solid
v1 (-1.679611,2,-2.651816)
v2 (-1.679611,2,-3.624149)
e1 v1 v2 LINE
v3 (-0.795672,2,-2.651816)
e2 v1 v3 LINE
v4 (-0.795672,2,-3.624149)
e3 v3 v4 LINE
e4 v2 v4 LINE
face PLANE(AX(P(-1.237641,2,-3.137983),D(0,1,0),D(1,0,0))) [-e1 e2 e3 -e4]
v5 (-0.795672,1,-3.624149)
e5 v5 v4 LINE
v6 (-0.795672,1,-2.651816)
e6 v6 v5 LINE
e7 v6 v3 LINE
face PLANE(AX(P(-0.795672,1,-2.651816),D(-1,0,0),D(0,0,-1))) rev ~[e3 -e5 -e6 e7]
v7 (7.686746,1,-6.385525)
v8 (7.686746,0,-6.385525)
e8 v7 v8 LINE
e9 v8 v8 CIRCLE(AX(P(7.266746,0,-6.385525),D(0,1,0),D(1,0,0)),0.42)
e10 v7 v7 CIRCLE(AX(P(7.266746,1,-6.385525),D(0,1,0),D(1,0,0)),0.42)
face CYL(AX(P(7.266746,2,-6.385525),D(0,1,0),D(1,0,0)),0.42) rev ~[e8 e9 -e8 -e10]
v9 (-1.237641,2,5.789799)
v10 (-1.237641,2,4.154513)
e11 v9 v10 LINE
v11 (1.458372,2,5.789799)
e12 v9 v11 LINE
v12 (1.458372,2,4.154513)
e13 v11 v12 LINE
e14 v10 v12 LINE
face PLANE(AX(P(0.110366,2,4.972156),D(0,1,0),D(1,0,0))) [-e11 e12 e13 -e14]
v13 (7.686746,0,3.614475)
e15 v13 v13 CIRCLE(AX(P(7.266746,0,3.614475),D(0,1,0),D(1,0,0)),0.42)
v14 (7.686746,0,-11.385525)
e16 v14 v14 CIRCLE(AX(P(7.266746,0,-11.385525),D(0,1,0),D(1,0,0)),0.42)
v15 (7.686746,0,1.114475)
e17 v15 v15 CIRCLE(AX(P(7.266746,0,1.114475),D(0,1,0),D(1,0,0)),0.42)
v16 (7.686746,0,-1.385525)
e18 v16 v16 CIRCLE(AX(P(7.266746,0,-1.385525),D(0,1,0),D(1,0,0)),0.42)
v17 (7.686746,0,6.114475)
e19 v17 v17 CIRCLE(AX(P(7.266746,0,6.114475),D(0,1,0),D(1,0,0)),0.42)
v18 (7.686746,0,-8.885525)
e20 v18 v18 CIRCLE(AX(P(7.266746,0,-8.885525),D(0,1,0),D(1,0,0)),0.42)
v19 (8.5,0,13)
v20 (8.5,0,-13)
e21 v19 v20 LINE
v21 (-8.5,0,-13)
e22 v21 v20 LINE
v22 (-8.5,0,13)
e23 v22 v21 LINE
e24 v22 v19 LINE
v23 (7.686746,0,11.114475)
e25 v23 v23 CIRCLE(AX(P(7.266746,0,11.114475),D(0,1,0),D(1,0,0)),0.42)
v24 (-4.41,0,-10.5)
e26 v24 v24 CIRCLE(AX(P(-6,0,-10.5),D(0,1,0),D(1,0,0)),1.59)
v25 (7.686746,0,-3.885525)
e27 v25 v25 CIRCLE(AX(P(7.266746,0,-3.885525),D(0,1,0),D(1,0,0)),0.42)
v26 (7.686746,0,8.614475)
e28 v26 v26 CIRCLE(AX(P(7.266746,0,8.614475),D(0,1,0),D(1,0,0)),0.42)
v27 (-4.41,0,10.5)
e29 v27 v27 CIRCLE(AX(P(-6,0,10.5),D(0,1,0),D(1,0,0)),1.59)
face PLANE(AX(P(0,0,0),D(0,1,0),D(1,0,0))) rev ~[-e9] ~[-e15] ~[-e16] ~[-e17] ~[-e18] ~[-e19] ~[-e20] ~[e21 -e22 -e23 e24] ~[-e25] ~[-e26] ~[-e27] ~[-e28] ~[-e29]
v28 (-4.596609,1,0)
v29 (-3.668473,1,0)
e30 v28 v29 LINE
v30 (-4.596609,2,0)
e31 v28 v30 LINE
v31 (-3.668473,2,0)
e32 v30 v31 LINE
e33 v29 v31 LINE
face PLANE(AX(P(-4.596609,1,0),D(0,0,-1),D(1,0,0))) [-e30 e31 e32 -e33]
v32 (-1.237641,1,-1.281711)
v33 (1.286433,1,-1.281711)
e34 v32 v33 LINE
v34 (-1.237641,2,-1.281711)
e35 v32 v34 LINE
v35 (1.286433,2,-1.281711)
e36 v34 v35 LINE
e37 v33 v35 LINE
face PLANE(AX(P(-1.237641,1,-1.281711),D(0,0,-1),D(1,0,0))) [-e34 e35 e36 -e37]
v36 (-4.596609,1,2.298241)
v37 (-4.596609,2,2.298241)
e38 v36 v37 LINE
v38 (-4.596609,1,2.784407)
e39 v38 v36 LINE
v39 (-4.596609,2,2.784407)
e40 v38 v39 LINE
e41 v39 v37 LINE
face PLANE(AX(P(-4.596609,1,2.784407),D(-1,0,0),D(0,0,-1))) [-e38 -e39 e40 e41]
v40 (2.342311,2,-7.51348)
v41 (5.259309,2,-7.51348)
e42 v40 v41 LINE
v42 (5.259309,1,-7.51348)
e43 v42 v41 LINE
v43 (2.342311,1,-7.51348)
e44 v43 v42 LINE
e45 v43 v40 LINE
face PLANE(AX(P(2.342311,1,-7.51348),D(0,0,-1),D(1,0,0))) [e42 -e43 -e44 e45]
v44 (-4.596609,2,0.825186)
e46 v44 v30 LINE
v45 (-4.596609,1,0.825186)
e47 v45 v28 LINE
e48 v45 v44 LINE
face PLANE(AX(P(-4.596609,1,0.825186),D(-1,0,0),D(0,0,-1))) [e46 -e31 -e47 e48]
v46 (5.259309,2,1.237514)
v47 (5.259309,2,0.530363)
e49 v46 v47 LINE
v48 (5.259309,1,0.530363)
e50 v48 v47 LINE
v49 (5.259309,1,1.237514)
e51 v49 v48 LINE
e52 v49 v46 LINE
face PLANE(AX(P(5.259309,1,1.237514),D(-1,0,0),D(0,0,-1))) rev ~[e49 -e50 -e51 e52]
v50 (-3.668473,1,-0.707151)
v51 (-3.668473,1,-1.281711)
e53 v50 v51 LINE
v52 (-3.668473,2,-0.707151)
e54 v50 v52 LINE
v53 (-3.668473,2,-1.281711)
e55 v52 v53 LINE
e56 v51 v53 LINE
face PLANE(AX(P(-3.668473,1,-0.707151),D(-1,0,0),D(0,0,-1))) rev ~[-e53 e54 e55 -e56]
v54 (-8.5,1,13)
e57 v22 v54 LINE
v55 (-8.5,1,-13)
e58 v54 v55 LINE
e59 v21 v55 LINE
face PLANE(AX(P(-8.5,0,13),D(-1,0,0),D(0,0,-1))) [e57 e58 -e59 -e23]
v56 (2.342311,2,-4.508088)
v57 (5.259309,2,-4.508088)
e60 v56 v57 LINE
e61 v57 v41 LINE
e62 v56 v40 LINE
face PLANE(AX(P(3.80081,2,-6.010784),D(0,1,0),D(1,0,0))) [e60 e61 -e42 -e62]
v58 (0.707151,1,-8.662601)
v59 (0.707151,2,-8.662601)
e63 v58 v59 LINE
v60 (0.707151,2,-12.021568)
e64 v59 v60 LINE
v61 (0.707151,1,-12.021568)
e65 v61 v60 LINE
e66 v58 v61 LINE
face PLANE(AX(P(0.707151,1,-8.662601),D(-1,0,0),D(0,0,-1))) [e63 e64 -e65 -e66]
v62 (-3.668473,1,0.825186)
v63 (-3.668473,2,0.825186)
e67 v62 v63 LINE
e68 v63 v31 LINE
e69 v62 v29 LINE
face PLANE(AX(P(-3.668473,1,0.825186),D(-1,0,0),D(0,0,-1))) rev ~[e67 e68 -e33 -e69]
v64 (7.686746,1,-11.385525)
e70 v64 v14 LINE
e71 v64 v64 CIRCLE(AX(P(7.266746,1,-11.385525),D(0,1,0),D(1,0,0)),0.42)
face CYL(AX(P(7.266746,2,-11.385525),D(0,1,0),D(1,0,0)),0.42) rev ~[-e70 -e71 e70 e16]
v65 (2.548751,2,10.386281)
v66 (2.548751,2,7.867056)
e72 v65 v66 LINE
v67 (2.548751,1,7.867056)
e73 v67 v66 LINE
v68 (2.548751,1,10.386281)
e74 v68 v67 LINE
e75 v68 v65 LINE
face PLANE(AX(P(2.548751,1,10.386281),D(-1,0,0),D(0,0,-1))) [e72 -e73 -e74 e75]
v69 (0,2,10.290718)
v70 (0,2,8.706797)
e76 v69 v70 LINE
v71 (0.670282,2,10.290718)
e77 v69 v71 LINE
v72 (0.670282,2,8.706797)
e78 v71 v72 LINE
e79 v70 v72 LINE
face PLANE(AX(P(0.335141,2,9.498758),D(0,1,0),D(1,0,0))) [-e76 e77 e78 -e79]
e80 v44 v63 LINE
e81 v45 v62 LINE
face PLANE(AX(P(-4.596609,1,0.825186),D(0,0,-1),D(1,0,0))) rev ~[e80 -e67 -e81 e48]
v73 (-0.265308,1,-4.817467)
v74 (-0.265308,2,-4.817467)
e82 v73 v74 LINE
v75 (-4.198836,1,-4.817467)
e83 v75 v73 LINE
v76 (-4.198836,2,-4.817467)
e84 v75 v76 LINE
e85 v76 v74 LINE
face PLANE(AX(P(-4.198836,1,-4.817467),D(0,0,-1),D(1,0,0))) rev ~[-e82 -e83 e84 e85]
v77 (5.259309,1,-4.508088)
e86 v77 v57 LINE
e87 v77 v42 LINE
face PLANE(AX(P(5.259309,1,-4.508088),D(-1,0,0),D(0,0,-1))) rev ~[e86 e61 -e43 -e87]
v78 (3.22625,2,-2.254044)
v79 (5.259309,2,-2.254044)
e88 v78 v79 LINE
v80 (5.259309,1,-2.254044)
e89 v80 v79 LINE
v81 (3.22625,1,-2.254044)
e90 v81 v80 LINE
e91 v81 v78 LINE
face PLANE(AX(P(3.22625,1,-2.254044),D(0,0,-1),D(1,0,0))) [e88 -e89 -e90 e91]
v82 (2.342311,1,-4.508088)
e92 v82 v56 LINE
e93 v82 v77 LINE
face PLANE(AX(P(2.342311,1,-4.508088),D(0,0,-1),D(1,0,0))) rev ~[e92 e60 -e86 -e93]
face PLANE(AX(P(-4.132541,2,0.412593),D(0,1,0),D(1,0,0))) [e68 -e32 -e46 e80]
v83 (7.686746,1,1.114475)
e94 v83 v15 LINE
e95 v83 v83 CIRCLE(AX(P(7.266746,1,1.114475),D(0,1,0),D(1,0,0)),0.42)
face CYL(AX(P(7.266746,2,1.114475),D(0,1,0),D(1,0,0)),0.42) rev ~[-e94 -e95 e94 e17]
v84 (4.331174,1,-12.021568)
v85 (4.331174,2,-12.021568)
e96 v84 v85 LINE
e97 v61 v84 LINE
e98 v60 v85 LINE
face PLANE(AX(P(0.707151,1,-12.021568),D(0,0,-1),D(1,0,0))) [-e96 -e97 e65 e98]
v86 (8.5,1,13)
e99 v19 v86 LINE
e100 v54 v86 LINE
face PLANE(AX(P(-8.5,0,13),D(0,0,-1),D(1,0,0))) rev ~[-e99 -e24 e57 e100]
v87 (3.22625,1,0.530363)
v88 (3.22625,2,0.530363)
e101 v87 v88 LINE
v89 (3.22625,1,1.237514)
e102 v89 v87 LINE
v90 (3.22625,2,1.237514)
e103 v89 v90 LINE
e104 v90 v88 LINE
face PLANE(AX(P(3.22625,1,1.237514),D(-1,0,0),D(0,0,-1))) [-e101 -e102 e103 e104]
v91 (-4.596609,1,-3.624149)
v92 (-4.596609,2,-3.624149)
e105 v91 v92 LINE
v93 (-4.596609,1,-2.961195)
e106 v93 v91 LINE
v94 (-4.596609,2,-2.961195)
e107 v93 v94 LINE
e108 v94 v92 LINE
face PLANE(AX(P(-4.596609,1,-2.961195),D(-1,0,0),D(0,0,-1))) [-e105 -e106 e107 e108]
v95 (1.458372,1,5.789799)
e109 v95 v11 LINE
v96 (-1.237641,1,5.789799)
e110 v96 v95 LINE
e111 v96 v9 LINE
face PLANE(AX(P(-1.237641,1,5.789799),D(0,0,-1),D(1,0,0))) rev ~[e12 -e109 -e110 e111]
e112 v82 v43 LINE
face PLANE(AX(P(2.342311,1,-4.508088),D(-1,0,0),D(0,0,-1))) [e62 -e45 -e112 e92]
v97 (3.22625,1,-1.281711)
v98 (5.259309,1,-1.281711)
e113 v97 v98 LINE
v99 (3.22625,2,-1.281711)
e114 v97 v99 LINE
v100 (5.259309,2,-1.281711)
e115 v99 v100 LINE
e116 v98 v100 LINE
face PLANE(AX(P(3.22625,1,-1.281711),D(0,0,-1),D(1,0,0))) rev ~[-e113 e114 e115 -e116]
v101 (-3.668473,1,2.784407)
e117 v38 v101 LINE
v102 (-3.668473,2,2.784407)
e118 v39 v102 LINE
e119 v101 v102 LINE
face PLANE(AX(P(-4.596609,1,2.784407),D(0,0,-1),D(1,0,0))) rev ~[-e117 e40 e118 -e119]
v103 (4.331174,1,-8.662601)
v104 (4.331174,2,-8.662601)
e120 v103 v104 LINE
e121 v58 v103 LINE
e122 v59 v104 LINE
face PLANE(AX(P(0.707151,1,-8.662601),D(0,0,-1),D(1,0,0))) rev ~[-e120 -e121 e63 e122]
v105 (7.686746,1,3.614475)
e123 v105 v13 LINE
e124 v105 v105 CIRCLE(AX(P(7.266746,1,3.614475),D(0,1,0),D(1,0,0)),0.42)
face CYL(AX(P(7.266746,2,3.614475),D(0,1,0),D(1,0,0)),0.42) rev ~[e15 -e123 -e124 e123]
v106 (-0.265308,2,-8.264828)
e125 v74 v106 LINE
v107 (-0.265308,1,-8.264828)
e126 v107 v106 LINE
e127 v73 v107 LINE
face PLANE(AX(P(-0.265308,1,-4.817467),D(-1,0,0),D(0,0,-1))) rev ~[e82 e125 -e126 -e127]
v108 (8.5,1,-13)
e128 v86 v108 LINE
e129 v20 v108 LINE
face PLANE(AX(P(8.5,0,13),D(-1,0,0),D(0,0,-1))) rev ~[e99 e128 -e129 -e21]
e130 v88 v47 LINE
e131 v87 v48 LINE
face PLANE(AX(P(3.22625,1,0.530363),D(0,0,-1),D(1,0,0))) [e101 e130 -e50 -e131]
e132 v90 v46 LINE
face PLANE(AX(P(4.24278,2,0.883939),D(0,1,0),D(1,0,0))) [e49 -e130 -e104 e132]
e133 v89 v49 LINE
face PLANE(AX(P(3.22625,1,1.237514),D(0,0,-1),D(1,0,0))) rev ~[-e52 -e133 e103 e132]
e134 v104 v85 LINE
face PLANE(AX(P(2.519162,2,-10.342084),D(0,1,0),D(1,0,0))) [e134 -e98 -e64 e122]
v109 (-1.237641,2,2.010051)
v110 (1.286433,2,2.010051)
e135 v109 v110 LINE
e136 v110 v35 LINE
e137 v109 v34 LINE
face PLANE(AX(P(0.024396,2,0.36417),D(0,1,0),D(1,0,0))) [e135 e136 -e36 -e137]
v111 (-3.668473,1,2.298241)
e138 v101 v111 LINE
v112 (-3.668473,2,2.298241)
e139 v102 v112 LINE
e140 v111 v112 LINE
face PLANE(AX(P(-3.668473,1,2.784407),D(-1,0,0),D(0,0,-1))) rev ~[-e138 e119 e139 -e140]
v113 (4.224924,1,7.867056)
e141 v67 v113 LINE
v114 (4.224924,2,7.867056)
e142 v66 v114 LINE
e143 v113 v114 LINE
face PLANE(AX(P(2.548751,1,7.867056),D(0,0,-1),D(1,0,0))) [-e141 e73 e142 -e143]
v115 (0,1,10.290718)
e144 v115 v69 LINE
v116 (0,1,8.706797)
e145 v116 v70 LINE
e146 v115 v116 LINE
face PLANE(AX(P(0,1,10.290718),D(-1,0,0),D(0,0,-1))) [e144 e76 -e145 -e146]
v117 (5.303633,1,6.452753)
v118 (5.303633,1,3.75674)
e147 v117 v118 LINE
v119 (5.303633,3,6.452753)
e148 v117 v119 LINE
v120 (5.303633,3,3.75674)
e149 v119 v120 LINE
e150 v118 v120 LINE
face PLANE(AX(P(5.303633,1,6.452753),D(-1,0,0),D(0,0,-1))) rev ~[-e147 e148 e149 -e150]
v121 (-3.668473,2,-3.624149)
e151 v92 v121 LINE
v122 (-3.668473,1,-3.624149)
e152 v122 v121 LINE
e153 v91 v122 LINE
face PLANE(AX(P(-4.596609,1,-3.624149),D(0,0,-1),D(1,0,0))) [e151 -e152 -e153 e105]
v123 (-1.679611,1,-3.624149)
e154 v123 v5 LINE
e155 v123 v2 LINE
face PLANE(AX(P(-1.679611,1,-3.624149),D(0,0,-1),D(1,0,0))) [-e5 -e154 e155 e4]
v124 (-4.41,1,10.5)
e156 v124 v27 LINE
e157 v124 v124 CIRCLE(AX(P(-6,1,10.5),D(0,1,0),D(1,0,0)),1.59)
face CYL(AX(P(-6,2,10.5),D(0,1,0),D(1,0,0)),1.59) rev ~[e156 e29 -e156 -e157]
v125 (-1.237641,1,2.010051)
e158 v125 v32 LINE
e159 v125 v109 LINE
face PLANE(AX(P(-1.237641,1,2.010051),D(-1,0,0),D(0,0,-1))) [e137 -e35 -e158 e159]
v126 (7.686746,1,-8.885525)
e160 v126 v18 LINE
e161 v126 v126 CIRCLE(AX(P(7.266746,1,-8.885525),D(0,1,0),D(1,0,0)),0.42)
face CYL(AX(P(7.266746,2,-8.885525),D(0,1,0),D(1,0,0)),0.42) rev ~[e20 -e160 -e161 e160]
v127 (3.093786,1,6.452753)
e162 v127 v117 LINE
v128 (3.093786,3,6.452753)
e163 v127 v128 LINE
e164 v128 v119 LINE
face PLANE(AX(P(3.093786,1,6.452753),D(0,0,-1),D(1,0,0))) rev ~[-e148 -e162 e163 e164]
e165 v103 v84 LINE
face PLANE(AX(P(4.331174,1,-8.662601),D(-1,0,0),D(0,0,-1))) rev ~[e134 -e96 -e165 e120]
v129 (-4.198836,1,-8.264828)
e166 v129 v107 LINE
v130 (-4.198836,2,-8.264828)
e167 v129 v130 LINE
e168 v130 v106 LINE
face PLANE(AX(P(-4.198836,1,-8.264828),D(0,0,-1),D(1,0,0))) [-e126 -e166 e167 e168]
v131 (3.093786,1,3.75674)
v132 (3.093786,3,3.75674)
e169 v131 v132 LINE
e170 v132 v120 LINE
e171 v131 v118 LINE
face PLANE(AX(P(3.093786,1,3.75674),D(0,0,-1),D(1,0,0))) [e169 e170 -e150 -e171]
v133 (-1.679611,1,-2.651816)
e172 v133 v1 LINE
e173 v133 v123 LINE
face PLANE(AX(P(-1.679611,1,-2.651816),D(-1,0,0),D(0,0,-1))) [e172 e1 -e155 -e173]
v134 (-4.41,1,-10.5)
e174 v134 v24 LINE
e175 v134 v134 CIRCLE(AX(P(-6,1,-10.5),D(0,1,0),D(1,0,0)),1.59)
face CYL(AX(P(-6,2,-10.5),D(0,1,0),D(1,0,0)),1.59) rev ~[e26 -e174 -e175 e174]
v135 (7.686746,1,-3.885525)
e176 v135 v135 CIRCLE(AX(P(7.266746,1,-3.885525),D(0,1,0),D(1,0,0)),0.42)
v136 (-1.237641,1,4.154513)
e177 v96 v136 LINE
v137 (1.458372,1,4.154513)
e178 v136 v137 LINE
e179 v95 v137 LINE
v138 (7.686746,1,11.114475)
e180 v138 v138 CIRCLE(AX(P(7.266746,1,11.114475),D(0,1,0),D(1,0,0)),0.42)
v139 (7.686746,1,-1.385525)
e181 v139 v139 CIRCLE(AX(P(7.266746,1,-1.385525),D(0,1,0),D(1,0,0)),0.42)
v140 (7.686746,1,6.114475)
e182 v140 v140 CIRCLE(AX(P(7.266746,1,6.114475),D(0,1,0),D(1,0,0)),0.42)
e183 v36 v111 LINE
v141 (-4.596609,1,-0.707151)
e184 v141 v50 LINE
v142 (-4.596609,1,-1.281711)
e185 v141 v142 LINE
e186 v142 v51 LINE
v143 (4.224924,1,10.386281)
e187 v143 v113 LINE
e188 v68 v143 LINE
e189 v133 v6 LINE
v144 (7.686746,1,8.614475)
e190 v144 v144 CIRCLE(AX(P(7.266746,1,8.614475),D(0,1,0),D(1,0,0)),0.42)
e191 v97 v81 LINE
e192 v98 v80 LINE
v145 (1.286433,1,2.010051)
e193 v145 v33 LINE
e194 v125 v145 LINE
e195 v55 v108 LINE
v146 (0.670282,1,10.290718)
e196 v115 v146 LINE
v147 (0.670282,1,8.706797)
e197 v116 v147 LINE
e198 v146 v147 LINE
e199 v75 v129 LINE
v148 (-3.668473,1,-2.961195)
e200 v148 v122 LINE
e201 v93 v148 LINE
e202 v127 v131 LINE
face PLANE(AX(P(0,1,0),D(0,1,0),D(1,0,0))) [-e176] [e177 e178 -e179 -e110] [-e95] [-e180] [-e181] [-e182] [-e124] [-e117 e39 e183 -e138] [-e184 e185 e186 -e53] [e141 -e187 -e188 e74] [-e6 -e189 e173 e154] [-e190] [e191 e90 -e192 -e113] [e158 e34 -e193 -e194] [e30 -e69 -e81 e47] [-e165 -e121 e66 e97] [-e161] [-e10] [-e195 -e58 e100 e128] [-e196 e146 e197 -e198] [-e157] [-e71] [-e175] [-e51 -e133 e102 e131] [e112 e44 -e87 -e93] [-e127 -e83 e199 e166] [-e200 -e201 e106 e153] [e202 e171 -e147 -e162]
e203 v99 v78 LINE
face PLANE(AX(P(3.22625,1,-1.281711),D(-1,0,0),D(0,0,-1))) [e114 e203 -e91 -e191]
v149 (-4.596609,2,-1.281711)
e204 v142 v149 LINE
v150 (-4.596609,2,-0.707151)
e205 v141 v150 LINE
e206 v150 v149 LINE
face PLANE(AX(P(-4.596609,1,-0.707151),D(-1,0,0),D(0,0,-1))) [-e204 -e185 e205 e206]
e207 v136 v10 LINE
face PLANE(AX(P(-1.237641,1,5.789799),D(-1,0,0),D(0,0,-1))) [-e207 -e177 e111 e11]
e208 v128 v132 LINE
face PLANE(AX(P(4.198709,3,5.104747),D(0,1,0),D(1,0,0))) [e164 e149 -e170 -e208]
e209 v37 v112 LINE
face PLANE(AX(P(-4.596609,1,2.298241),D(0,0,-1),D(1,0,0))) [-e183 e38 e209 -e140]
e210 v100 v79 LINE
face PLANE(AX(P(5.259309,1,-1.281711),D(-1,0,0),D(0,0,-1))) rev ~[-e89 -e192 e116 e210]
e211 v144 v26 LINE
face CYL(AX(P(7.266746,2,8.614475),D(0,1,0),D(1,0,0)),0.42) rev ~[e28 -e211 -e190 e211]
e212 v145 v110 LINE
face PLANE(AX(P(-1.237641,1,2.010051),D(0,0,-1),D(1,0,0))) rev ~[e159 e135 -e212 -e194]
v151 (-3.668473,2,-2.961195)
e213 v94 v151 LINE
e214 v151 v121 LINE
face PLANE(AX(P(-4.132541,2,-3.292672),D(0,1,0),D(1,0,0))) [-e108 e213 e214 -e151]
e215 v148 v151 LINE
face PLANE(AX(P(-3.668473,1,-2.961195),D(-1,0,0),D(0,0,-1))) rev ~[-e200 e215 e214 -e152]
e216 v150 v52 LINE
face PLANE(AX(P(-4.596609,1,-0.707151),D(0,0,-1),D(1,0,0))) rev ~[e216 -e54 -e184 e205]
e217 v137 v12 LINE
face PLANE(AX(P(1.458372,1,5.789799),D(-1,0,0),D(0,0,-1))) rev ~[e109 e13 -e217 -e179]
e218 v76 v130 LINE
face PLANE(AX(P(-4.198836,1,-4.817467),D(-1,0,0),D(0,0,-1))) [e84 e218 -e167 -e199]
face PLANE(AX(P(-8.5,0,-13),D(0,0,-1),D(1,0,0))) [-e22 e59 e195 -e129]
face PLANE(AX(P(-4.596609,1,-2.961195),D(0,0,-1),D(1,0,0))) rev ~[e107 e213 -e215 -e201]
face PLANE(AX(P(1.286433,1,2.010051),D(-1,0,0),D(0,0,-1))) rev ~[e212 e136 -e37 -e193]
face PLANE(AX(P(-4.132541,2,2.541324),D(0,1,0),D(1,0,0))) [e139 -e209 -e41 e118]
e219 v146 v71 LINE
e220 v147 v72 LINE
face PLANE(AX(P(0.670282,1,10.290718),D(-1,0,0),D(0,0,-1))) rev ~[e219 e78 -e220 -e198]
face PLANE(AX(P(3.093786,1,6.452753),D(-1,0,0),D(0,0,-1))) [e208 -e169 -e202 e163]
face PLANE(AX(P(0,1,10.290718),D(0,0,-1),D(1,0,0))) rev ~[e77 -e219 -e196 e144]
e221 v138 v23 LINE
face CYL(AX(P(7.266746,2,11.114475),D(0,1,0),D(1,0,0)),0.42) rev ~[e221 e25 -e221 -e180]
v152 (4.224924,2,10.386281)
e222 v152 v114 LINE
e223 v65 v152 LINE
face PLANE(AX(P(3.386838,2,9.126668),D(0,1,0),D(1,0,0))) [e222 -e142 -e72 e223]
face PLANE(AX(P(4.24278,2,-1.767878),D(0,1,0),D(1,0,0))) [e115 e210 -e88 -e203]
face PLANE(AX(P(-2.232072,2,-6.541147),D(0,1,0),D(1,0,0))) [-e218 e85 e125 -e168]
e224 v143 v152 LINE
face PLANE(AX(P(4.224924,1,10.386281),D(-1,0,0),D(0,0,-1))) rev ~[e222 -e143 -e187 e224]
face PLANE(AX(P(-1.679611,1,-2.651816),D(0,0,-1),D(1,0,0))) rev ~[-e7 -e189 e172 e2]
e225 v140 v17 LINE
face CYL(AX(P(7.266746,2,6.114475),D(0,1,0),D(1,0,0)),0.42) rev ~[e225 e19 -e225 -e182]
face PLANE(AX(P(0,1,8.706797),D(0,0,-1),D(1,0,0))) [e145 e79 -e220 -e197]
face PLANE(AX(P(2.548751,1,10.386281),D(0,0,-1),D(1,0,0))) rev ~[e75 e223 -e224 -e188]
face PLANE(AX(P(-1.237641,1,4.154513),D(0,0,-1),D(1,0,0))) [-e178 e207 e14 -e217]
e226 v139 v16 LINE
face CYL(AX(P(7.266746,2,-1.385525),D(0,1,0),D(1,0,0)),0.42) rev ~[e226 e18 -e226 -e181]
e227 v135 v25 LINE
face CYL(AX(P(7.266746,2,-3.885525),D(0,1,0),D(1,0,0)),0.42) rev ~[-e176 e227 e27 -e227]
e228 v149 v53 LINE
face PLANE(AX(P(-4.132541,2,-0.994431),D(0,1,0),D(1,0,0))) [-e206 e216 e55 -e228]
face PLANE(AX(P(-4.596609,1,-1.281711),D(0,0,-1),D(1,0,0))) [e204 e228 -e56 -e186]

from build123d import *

# Parameters (mm, degrees)
SKETCH2_W           = 17
SKETCH2_H           = 26
BOSS_EXTRUDE1_DEPTH = 1
SKETCH3_R           = 0.825554505
SKETCH3_R_2         = 0.799067601
SKETCH3_R_3         = 0.4
SKETCH3_R_4         = 0.016836885
SKETCH3_W           = 3.624022482
SKETCH3_H           = 3.358967559
SKETCH3_W_2         = 2.916998144
SKETCH3_H_2         = 3.005392027
SKETCH3_W_3         = 3.9335278
SKETCH3_H_3         = 3.447361443
SKETCH3_W_4         = 0.928135773
SKETCH3_H_4         = 0.662954124
SKETCH3_W_5         = 0.883938831
SKETCH3_H_5         = 0.972332715
SKETCH3_W_6         = 2.524073743
SKETCH3_H_6         = 3.291762325
SKETCH3_H_7         = 0.574560241
SKETCH3_H_8         = 0.82518615
SKETCH3_H_9         = 0.486166357
SKETCH3_W_7         = 2.696013436
SKETCH3_H_10        = 1.635286838
SKETCH3_W_8         = 2.033059313
SKETCH3_H_11        = 0.972332714
SKETCH3_H_12        = 0.707151065
SKETCH3_W_9         = 1.676172691
SKETCH3_H_13        = 2.519225669
SKETCH3_W_10        = 0.670281766
SKETCH3_H_14        = 1.583920148
BOSS_EXTRUDE2_DEPTH = 1
SKETCH4_R           = 1.59
SKETCH4_R_2         = 0.42
CUT_EXTRUDE1_DEPTH  = 3
SKETCH5_W           = 2.209847079
SKETCH5_H           = 2.696013435
BOSS_EXTRUDE3_DEPTH = 2


with BuildPart() as part:
    # Sketch2 → Boss-Extrude1 (new body)
    with BuildSketch(Plane(origin=(0, 0, 0), x_dir=(1, 0, 0), z_dir=(0, 1, 0))):
        Rectangle(SKETCH2_W, SKETCH2_H)
    extrude(amount=BOSS_EXTRUDE1_DEPTH)

    # Sketch3 → Boss-Extrude2 (add)
    with BuildSketch(Plane(origin=(0, 1, 0), x_dir=(1, 0, 0), z_dir=(0, 1, 0))):
        with Locations((-6, -10.5)):
            Circle(SKETCH3_R)
        with Locations((-6, 10.5)):
            Circle(SKETCH3_R_2)
        with Locations((7.26674642, 11.385525432)):
            Circle(SKETCH3_R_3)
        with Locations((7.26674642, 11.385525432)):
            Circle(SKETCH3_R_4, mode=Mode.SUBTRACT)
        with Locations((2.519162306, 10.342084328)):
            Rectangle(SKETCH3_W, SKETCH3_H)
        with Locations((3.800810248, 6.010784054)):
            Rectangle(SKETCH3_W_2, SKETCH3_H_2)
        with Locations((-2.232072277, 6.541147353)):
            Rectangle(SKETCH3_W_3, SKETCH3_H_3)
        with Locations((-4.132540764, 3.292672147)):
            Rectangle(SKETCH3_W_4, SKETCH3_H_4)
        with Locations((-1.237641092, 3.137982852)):
            Rectangle(SKETCH3_W_5, SKETCH3_H_5)
        with Locations((0.024395781, -0.364169856)):
            Rectangle(SKETCH3_W_6, SKETCH3_H_6)
        with Locations((-4.132540764, 0.994431186)):
            Rectangle(SKETCH3_W_4, SKETCH3_H_7)
        with Locations((-4.132540764, -0.412593075)):
            Rectangle(SKETCH3_W_4, SKETCH3_H_8)
        with Locations((-4.132540764, -2.54132414)):
            Rectangle(SKETCH3_W_4, SKETCH3_H_9)
        with Locations((0.110365627, -4.972155927)):
            Rectangle(SKETCH3_W_7, SKETCH3_H_10)
        with Locations((4.242779664, 1.767877663)):
            Rectangle(SKETCH3_W_8, SKETCH3_H_11)
        with Locations((4.242779664, -0.883938832)):
            Rectangle(SKETCH3_W_8, SKETCH3_H_12)
        with Locations((3.386837508, -9.126668435)):
            Rectangle(SKETCH3_W_9, SKETCH3_H_13)
        with Locations((0.335140883, -9.498757564)):
            Rectangle(SKETCH3_W_10, SKETCH3_H_14)
    extrude(amount=BOSS_EXTRUDE2_DEPTH)

    # Sketch4 → Cut-Extrude1 (cut, through all)
    with BuildSketch(Plane(origin=(0, 2, 0), x_dir=(1, 0, 0), z_dir=(0, 1, 0))):
        with Locations((-6, 10.5)):
            Circle(SKETCH4_R)
        with Locations((-6, -10.5)):
            Circle(SKETCH4_R)
        with Locations((7.26674642, 11.385525432)):
            Circle(SKETCH4_R_2)
        with Locations((7.26674642, 8.885525432)):
            Circle(SKETCH4_R_2)
        with Locations((7.26674642, 6.385525432)):
            Circle(SKETCH4_R_2)
        with Locations((7.26674642, 3.885525432)):
            Circle(SKETCH4_R_2)
        with Locations((7.26674642, 1.385525432)):
            Circle(SKETCH4_R_2)
        with Locations((7.26674642, -1.114474568)):
            Circle(SKETCH4_R_2)
        with Locations((7.26674642, -3.614474568)):
            Circle(SKETCH4_R_2)
        with Locations((7.26674642, -6.114474568)):
            Circle(SKETCH4_R_2)
        with Locations((7.26674642, -8.614474568)):
            Circle(SKETCH4_R_2)
        with Locations((7.26674642, -11.114474568)):
            Circle(SKETCH4_R_2)
    extrude(amount=-CUT_EXTRUDE1_DEPTH, mode=Mode.SUBTRACT)

    # Sketch5 → Boss-Extrude3 (add)
    with BuildSketch(Plane(origin=(0, 1, 0), x_dir=(1, 0, 0), z_dir=(0, 1, 0))):
        with Locations((4.19870945, -5.104746752)):
            Rectangle(SKETCH5_W, SKETCH5_H)
    extrude(amount=BOSS_EXTRUDE3_DEPTH)


solid = part.part
